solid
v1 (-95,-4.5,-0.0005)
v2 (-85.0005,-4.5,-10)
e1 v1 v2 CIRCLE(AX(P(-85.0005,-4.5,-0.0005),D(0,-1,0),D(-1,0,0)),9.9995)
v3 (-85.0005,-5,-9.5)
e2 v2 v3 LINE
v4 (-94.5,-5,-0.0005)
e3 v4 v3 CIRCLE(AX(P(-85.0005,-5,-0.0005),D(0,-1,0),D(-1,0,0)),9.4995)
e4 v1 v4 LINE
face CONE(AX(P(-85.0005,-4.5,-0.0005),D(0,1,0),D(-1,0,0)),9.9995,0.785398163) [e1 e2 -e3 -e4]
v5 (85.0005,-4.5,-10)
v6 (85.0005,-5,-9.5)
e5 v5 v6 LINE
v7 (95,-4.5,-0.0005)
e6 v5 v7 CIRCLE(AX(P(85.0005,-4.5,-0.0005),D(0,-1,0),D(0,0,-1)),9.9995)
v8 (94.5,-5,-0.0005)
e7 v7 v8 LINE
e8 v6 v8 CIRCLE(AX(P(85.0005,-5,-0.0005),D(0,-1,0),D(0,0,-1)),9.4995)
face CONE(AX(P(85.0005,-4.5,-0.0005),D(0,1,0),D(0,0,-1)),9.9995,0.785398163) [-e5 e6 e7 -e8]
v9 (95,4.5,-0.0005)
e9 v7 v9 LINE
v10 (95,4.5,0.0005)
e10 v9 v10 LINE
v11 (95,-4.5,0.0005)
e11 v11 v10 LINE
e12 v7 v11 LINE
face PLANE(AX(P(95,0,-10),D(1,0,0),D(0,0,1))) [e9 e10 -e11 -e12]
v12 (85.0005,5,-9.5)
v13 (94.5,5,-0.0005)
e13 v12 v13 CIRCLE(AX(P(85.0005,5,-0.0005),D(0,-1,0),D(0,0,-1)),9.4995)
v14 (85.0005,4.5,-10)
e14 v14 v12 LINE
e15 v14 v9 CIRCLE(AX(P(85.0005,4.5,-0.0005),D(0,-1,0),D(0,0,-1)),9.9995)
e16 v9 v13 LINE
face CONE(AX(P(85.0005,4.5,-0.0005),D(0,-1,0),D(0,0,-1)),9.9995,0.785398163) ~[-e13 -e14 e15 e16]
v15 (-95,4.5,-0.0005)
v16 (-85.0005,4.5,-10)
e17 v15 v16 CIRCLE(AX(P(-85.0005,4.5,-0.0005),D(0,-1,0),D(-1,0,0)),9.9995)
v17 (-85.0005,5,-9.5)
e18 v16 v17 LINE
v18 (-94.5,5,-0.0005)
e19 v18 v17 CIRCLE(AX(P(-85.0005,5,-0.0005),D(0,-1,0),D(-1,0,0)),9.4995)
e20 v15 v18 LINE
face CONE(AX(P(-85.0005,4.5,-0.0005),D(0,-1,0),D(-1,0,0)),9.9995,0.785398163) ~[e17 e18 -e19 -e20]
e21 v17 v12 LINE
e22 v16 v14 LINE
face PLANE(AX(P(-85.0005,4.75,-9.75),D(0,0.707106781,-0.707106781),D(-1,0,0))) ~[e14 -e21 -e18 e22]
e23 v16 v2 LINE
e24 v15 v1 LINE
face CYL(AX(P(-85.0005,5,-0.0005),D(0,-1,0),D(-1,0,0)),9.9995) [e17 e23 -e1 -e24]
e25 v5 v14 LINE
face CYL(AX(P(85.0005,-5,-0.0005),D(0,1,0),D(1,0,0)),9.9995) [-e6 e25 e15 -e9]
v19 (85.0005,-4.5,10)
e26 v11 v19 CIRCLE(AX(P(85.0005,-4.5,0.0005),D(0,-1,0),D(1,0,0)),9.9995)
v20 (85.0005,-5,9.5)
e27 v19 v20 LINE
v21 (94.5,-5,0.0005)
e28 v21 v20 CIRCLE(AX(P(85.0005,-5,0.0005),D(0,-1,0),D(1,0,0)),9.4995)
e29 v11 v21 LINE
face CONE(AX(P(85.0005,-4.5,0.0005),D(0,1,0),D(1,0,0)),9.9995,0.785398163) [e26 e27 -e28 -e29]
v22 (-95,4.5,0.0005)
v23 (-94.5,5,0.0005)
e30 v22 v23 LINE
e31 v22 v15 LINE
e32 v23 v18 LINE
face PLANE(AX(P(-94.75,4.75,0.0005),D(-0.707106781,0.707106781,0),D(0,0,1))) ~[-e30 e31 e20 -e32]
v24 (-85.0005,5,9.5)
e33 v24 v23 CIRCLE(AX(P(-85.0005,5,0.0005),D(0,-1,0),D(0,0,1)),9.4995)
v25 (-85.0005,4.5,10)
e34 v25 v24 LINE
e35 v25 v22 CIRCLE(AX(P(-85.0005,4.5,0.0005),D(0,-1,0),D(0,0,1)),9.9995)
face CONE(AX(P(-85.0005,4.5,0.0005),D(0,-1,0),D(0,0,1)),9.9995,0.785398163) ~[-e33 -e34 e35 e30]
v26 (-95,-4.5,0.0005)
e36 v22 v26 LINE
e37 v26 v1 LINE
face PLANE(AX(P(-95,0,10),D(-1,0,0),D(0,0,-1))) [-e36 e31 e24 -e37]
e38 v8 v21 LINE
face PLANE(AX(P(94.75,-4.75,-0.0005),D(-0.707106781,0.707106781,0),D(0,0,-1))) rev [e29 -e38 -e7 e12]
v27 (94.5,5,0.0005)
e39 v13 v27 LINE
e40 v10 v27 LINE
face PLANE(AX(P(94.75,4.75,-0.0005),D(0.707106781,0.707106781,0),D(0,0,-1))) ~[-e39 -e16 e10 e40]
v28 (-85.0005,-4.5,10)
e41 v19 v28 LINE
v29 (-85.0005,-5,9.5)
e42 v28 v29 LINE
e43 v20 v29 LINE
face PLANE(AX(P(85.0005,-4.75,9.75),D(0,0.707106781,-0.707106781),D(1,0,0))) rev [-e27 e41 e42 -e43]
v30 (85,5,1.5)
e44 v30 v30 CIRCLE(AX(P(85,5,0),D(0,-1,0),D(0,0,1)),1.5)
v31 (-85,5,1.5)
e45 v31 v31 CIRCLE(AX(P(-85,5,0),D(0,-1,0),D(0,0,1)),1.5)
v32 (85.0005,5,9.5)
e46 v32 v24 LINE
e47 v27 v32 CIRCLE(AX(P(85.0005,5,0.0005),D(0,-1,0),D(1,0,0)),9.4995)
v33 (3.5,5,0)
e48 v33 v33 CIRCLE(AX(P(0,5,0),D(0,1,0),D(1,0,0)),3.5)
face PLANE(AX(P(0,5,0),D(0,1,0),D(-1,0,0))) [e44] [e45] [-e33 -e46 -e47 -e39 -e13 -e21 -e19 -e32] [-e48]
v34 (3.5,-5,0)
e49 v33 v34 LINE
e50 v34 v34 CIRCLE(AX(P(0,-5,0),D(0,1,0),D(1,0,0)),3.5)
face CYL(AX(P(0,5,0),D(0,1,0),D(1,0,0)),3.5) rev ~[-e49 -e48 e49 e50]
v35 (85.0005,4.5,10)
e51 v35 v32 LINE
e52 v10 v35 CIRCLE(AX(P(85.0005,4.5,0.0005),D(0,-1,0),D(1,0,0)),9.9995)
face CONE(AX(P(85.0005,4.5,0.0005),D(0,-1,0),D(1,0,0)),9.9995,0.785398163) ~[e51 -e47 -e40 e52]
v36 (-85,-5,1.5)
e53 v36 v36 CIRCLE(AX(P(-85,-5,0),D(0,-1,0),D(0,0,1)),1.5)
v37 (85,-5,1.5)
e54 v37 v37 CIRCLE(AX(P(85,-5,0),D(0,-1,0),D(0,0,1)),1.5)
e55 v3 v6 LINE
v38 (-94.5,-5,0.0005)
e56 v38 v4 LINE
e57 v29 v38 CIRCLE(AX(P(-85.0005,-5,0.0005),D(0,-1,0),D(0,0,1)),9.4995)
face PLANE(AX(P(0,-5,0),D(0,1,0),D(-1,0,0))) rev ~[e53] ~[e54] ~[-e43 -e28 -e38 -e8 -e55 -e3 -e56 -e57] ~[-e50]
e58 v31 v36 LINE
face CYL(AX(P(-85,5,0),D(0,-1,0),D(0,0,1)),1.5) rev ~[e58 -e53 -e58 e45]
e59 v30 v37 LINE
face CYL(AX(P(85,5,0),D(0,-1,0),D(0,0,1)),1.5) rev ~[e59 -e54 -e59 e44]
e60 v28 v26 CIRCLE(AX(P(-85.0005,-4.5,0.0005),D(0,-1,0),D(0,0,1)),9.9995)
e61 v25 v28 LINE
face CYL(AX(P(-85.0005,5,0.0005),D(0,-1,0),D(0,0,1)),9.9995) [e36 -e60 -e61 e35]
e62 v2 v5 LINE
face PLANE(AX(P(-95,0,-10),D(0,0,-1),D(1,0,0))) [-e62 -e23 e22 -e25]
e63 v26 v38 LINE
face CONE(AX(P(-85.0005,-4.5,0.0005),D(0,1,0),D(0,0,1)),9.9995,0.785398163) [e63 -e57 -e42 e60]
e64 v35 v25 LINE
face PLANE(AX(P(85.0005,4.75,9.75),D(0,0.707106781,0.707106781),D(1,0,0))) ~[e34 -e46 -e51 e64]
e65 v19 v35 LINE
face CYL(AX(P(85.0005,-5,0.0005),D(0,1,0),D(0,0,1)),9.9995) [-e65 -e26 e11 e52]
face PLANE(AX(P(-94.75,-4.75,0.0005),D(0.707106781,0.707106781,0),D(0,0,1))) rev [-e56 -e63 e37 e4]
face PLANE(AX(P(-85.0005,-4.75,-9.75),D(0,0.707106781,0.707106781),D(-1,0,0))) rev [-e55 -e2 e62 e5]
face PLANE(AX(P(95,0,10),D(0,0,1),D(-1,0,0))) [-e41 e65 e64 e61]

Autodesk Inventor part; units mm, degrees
ref_plane "YZ Plane" through (0, 0, 0) normal (1, 0, 0) x (0, 1, 0)
ref_plane "XZ Plane" through (0, 0, 0) normal (0, 1, 0) x (-1, 0, 0)
ref_plane "XY Plane" through (0, 0, 0) normal (0, 0, 1) x (1, 0, 0)
sketch "Sketch1" plane through (0, 0, 0) normal (0, 1, 0) x (-1, 0, 0)
  line L0 (-95, 10) -> (95, 10)
  line L1 (95, 10) -> (95, -10)
  line L2 (95, -10) -> (-95, -10)
  line L3 (-95, -10) -> (-95, 10)
  line L4 (-95, 10) -> (95, -10) construction
  line L5 (95, 10) -> (-95, -10) construction
  point P0 (0, 0)
  dimension "Length" = 190
  dimension "Width" = 20
extrude "Extrusion1" add sketch "Sketch1" along normal mid plane 10
sketch "Sketch2" plane through (0, 5, 0) normal (0, 1, 0) x (1, 0, 0)
  circle A0 centre (0, 0) radius 3.5
  dimension "d4" = 7
extrude "Extrusion2" cut sketch "Sketch2" against normal up to surface (10 mm away)
sketch "Sketch3" plane through (0, 5, 0) normal (0, 1, 0) x (1, 0, 0)
  circle A0 centre (0, 0) radius 3.5 projected
  point P0 (-15, 0)
  point P1 (15, 0)
  dimension "d7" = 30
  dimension "d8" = 15
hole "Hole1" [suppressed]
sketch "Sketch4" plane through (0, 5, 0) normal (0, 1, 0) x (1, 0, 0)
  point P0 (0, 0)
  point P1 (-85, 0)
  point P2 (85, 0)
  dimension "d16" = 170
  dimension "d17" = 85
hole "Hole2" at (-85, 5, 0) at (85, 5, 0) direction (0, -1, 0) diameter 3 end through all
fillet "Fillet1" radius 10 4 edges at (95, 0, 10) (95, 0, -10) (-95, 0, 10) (-95, 0, -10)
chamfer "Chamfer1" distance 0.5 angle 45 8 edges at (0, 5, 10) (92.0712, 5, 7.0712) (0, 5, -10) (-92.0712, 5, 7.0712) (0, -5, 10) (-92.0712, -5, 7.0712) (0, -5, -10) (92.0712, -5, 7.0712)
equation "\"d8\" = 0.5 * d7"
equation "\"d17\" = 0.5 * d16"
properties part number "Lower Arm Brass Plate - 2" material "Brass, Soft Yellow"
